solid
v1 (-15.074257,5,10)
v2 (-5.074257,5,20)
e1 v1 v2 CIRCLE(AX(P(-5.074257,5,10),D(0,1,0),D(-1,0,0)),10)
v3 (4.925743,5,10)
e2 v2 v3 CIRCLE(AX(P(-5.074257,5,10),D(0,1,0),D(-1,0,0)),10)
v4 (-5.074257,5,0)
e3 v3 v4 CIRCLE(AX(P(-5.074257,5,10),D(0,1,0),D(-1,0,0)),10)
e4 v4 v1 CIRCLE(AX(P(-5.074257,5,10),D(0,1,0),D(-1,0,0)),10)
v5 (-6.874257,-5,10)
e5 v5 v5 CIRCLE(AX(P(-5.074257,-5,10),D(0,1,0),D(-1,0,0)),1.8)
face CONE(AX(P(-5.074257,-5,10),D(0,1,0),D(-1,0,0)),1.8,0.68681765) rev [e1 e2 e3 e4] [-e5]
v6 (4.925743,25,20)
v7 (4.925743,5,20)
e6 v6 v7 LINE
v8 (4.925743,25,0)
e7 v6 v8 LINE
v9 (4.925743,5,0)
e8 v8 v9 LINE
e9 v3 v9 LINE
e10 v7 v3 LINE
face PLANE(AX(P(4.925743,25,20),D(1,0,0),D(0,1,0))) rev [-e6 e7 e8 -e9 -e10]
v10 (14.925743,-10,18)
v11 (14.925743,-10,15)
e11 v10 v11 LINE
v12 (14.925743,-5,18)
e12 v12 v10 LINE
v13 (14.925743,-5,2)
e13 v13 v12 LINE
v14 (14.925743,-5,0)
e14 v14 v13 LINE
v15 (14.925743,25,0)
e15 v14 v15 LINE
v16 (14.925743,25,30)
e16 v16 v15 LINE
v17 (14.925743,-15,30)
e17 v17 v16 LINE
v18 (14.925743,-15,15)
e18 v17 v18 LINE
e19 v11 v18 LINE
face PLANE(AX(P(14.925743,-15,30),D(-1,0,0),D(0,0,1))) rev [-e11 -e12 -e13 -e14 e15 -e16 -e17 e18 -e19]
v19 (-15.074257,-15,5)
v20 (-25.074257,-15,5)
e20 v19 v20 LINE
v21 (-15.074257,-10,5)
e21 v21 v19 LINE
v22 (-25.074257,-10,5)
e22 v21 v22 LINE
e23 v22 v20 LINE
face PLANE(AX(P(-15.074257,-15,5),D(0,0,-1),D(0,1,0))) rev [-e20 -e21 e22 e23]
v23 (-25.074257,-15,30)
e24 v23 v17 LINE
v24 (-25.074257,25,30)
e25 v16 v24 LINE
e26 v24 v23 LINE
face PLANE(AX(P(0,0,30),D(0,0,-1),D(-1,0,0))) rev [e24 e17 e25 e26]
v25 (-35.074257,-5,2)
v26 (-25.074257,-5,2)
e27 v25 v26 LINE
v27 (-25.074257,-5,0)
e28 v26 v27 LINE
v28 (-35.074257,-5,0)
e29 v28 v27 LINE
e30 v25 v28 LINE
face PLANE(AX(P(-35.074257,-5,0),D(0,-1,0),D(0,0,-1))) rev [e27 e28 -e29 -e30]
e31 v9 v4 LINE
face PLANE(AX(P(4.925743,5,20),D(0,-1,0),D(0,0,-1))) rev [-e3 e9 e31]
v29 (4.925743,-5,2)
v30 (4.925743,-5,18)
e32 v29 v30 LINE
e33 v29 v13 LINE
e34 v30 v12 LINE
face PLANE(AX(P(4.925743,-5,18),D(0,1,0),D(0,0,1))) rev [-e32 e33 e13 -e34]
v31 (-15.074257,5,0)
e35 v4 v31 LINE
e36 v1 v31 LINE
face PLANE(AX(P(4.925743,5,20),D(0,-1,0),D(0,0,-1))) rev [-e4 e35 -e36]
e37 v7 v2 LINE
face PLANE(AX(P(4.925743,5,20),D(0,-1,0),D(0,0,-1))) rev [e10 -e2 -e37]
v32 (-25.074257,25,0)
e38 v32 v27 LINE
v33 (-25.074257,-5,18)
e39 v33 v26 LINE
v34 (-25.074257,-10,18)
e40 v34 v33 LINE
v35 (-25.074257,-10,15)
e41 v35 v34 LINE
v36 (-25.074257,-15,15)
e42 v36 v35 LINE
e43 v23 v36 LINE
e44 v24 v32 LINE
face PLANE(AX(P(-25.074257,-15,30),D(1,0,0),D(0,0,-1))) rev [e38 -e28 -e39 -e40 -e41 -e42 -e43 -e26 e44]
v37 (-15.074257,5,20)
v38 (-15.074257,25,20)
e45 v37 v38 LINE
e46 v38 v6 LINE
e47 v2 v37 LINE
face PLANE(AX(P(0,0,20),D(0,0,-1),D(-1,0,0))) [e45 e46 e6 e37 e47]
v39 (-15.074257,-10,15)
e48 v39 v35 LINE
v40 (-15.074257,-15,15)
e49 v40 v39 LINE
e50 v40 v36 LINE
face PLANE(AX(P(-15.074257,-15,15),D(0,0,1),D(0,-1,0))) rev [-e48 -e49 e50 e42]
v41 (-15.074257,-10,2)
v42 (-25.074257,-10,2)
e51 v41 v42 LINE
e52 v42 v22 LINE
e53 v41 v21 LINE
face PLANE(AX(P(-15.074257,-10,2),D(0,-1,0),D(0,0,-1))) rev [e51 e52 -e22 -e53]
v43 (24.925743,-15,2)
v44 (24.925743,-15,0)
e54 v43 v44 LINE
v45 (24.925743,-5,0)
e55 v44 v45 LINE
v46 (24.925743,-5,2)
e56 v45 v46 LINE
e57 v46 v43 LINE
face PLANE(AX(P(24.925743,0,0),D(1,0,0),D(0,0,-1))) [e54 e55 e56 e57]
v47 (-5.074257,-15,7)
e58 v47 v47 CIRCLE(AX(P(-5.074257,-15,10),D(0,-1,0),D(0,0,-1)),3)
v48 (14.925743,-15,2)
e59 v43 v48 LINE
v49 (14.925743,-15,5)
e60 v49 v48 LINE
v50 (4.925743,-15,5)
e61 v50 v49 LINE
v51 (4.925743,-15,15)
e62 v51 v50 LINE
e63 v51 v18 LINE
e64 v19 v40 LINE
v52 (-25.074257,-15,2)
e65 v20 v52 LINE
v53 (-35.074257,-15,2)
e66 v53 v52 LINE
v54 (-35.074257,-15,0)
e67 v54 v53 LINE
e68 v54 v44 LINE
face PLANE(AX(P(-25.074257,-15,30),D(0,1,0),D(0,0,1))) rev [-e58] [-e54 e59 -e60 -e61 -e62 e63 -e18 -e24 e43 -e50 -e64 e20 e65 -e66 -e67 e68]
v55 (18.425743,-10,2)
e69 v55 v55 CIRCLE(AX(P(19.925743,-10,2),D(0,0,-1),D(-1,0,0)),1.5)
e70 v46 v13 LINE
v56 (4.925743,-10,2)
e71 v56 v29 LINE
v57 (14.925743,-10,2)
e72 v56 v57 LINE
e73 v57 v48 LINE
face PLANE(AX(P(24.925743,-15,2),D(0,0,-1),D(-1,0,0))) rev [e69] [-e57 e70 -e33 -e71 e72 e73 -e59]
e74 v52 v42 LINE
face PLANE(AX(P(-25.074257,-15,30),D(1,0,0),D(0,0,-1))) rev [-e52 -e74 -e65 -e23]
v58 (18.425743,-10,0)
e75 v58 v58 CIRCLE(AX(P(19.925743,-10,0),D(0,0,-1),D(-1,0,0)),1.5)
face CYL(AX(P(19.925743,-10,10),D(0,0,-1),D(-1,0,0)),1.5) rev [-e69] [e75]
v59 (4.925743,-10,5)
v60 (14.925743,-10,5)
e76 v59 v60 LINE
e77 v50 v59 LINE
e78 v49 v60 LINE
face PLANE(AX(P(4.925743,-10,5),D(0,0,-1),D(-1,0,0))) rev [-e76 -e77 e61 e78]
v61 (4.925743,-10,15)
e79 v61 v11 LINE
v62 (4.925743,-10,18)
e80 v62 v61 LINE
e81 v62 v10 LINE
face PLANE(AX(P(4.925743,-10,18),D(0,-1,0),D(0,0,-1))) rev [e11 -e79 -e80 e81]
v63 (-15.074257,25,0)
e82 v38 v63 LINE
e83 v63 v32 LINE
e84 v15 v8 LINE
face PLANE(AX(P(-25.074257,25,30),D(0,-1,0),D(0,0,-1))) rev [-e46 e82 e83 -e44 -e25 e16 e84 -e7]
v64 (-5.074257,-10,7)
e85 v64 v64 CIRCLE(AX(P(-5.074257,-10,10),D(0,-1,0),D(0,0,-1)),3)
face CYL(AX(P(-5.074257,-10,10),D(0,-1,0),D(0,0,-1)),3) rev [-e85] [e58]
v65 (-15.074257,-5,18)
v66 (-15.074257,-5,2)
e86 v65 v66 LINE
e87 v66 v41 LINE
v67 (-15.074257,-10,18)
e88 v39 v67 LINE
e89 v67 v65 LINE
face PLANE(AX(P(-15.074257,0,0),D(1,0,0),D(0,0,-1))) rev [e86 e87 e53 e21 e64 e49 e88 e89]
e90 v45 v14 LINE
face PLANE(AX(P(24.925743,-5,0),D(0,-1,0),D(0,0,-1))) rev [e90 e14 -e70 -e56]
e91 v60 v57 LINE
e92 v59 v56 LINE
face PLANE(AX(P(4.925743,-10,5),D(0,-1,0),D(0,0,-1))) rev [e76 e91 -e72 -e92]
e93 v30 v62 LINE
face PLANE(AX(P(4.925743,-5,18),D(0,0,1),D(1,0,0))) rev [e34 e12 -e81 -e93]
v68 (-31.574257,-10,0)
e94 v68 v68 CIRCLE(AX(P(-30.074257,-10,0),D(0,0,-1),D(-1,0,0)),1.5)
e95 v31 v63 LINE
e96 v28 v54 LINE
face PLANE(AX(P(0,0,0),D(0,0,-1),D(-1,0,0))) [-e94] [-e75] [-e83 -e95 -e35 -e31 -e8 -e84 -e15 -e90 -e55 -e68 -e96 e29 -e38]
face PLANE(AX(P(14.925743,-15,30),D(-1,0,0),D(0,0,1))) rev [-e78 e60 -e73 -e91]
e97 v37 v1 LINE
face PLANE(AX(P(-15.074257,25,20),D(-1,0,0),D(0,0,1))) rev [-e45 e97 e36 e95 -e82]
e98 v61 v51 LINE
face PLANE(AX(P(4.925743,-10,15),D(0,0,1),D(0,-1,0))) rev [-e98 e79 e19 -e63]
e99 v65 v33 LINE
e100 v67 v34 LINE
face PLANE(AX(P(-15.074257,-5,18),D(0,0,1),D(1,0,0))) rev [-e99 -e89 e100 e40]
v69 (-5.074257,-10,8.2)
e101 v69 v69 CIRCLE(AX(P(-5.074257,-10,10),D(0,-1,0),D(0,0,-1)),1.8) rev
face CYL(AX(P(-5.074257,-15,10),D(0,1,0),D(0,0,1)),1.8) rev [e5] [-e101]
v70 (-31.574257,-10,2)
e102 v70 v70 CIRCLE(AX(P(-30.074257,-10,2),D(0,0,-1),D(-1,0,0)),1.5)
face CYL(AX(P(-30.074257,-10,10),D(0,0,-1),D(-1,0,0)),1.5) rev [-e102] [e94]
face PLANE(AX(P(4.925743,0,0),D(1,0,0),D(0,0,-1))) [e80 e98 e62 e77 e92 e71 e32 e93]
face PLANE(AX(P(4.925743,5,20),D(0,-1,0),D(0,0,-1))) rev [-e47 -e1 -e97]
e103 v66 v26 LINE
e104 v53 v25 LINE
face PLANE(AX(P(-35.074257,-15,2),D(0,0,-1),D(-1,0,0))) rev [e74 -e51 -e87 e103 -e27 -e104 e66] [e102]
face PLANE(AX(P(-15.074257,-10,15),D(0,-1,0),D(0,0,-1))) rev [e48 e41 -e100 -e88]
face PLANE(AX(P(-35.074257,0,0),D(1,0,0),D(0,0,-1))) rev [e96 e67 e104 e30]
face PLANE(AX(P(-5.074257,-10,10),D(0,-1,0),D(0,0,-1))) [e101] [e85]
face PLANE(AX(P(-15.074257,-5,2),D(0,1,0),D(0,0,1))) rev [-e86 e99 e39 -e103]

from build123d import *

# Parameters (mm, degrees)
SKETCH1_W           = 40
SKETCH1_H           = 40
BOSS_EXTRUDE1_DEPTH = 30
SKETCH2_W           = 20
SKETCH2_H           = 20
CUT_EXTRUDE1_DEPTH  = 20
SKETCH5_R           = 1.8
CUT_EXTRUDE6_DEPTH  = 20
SKETCH25_W          = 2
SKETCH25_H          = 10
BOSS_EXTRUDE2_DEPTH = 10
SKETCH26_W          = 2
SKETCH26_H          = 10
BOSS_EXTRUDE3_DEPTH = 10
SKETCH27_R          = 1.5
CUT_EXTRUDE7_DEPTH  = 10
CUT_EXTRUDE8_DEPTH  = 10
CUT_EXTRUDE9_DEPTH  = 10
SKETCH30_R          = 3
CUT_EXTRUDE10_DEPTH = 5


with BuildPart() as part:
    # Sketch1 → Boss-Extrude1 (new body)
    with BuildSketch(Plane.XY):
        with Locations((-5.074257426, 5)):
            Rectangle(SKETCH1_W, SKETCH1_H)
    extrude(amount=BOSS_EXTRUDE1_DEPTH)

    # Sketch2 → Cut-Extrude1 (cut)
    with BuildSketch(Plane(origin=(0, 0, 0), x_dir=(-1, 0, 0), z_dir=(0, 0, -1))):
        with Locations((5.074257426, 15)):
            Rectangle(SKETCH2_W, SKETCH2_H)
    extrude(amount=-CUT_EXTRUDE1_DEPTH, mode=Mode.SUBTRACT)

    # Sketch5 → Cut-Extrude6 (cut)
    with BuildSketch(Plane(origin=(0, 5, 0), x_dir=(1, 0, 0), z_dir=(0, 1, 0))):
        with Locations(Location((-5.074257426, -10, 0), (0, 0, 270))):
            Circle(SKETCH5_R)
    extrude(amount=-CUT_EXTRUDE6_DEPTH, mode=Mode.SUBTRACT)

    # Sketch24 → Cut-Revolve1 (revolve, cut)
    with BuildSketch(Plane.XY.offset(10), mode=Mode.PRIVATE) as cut_revolve1_sk:
        Polygon((-3.274257426, -5), (-5.074257426, -5), (-5.074257426, 5), (4.925742574, 5), align=None)
    revolve(cut_revolve1_sk.sketch.rotate(Axis((-5.074257426, 5, 10), (0, -1, 0)), 90), axis=Axis((-5.074257426, 5, 10), (0, -1, 0)), mode=Mode.SUBTRACT)

    # Sketch25 → Boss-Extrude2 (add)
    with BuildSketch(Plane.ZY.offset(25.074257426)):
        with Locations((1, -10)):
            Rectangle(SKETCH25_W, SKETCH25_H)
    extrude(amount=BOSS_EXTRUDE2_DEPTH)

    # Sketch26 → Boss-Extrude3 (add)
    with BuildSketch(Plane(origin=(14.925742574, 0, 0), x_dir=(0, 0, -1), z_dir=(1, 0, 0))):
        with Locations((-1, -10)):
            Rectangle(SKETCH26_W, SKETCH26_H)
    extrude(amount=BOSS_EXTRUDE3_DEPTH)

    # Sketch27 → Cut-Extrude7 (cut)
    with BuildSketch(Plane(origin=(0, 0, 0), x_dir=(-1, 0, 0), z_dir=(0, 0, -1))):
        with Locations((-19.925742574, -10)):
            Circle(SKETCH27_R)
        with Locations((30.074257426, -10)):
            Circle(SKETCH27_R)
    extrude(amount=-CUT_EXTRUDE7_DEPTH, mode=Mode.SUBTRACT)

    # Sketch28 → Cut-Extrude8 (cut)
    with BuildSketch(Plane(origin=(14.925742574, 0, 0), x_dir=(0, 0, -1), z_dir=(1, 0, 0))):
        Polygon((-15, -10), (-15, -15), (-5, -15), (-5, -10), (-2, -10), (-2, -5), (-18, -5), (-18, -10), align=None)
    extrude(amount=-CUT_EXTRUDE8_DEPTH, mode=Mode.SUBTRACT)

    # Sketch29 → Cut-Extrude9 (cut)
    with BuildSketch(Plane.ZY.offset(25.074257426)):
        Polygon((5, -15), (15, -15), (15, -10), (18, -10), (18, -5), (2, -5), (2, -10), (5, -10), align=None)
    extrude(amount=-CUT_EXTRUDE9_DEPTH, mode=Mode.SUBTRACT)

    # Sketch30 → Cut-Extrude10 (cut)
    with BuildSketch(Plane.XZ.offset(15)):
        with Locations(Location((-5.074257426, 10, 0), (0, 0, 270))):
            Circle(SKETCH30_R)
    extrude(amount=-CUT_EXTRUDE10_DEPTH, mode=Mode.SUBTRACT)


solid = part.part
